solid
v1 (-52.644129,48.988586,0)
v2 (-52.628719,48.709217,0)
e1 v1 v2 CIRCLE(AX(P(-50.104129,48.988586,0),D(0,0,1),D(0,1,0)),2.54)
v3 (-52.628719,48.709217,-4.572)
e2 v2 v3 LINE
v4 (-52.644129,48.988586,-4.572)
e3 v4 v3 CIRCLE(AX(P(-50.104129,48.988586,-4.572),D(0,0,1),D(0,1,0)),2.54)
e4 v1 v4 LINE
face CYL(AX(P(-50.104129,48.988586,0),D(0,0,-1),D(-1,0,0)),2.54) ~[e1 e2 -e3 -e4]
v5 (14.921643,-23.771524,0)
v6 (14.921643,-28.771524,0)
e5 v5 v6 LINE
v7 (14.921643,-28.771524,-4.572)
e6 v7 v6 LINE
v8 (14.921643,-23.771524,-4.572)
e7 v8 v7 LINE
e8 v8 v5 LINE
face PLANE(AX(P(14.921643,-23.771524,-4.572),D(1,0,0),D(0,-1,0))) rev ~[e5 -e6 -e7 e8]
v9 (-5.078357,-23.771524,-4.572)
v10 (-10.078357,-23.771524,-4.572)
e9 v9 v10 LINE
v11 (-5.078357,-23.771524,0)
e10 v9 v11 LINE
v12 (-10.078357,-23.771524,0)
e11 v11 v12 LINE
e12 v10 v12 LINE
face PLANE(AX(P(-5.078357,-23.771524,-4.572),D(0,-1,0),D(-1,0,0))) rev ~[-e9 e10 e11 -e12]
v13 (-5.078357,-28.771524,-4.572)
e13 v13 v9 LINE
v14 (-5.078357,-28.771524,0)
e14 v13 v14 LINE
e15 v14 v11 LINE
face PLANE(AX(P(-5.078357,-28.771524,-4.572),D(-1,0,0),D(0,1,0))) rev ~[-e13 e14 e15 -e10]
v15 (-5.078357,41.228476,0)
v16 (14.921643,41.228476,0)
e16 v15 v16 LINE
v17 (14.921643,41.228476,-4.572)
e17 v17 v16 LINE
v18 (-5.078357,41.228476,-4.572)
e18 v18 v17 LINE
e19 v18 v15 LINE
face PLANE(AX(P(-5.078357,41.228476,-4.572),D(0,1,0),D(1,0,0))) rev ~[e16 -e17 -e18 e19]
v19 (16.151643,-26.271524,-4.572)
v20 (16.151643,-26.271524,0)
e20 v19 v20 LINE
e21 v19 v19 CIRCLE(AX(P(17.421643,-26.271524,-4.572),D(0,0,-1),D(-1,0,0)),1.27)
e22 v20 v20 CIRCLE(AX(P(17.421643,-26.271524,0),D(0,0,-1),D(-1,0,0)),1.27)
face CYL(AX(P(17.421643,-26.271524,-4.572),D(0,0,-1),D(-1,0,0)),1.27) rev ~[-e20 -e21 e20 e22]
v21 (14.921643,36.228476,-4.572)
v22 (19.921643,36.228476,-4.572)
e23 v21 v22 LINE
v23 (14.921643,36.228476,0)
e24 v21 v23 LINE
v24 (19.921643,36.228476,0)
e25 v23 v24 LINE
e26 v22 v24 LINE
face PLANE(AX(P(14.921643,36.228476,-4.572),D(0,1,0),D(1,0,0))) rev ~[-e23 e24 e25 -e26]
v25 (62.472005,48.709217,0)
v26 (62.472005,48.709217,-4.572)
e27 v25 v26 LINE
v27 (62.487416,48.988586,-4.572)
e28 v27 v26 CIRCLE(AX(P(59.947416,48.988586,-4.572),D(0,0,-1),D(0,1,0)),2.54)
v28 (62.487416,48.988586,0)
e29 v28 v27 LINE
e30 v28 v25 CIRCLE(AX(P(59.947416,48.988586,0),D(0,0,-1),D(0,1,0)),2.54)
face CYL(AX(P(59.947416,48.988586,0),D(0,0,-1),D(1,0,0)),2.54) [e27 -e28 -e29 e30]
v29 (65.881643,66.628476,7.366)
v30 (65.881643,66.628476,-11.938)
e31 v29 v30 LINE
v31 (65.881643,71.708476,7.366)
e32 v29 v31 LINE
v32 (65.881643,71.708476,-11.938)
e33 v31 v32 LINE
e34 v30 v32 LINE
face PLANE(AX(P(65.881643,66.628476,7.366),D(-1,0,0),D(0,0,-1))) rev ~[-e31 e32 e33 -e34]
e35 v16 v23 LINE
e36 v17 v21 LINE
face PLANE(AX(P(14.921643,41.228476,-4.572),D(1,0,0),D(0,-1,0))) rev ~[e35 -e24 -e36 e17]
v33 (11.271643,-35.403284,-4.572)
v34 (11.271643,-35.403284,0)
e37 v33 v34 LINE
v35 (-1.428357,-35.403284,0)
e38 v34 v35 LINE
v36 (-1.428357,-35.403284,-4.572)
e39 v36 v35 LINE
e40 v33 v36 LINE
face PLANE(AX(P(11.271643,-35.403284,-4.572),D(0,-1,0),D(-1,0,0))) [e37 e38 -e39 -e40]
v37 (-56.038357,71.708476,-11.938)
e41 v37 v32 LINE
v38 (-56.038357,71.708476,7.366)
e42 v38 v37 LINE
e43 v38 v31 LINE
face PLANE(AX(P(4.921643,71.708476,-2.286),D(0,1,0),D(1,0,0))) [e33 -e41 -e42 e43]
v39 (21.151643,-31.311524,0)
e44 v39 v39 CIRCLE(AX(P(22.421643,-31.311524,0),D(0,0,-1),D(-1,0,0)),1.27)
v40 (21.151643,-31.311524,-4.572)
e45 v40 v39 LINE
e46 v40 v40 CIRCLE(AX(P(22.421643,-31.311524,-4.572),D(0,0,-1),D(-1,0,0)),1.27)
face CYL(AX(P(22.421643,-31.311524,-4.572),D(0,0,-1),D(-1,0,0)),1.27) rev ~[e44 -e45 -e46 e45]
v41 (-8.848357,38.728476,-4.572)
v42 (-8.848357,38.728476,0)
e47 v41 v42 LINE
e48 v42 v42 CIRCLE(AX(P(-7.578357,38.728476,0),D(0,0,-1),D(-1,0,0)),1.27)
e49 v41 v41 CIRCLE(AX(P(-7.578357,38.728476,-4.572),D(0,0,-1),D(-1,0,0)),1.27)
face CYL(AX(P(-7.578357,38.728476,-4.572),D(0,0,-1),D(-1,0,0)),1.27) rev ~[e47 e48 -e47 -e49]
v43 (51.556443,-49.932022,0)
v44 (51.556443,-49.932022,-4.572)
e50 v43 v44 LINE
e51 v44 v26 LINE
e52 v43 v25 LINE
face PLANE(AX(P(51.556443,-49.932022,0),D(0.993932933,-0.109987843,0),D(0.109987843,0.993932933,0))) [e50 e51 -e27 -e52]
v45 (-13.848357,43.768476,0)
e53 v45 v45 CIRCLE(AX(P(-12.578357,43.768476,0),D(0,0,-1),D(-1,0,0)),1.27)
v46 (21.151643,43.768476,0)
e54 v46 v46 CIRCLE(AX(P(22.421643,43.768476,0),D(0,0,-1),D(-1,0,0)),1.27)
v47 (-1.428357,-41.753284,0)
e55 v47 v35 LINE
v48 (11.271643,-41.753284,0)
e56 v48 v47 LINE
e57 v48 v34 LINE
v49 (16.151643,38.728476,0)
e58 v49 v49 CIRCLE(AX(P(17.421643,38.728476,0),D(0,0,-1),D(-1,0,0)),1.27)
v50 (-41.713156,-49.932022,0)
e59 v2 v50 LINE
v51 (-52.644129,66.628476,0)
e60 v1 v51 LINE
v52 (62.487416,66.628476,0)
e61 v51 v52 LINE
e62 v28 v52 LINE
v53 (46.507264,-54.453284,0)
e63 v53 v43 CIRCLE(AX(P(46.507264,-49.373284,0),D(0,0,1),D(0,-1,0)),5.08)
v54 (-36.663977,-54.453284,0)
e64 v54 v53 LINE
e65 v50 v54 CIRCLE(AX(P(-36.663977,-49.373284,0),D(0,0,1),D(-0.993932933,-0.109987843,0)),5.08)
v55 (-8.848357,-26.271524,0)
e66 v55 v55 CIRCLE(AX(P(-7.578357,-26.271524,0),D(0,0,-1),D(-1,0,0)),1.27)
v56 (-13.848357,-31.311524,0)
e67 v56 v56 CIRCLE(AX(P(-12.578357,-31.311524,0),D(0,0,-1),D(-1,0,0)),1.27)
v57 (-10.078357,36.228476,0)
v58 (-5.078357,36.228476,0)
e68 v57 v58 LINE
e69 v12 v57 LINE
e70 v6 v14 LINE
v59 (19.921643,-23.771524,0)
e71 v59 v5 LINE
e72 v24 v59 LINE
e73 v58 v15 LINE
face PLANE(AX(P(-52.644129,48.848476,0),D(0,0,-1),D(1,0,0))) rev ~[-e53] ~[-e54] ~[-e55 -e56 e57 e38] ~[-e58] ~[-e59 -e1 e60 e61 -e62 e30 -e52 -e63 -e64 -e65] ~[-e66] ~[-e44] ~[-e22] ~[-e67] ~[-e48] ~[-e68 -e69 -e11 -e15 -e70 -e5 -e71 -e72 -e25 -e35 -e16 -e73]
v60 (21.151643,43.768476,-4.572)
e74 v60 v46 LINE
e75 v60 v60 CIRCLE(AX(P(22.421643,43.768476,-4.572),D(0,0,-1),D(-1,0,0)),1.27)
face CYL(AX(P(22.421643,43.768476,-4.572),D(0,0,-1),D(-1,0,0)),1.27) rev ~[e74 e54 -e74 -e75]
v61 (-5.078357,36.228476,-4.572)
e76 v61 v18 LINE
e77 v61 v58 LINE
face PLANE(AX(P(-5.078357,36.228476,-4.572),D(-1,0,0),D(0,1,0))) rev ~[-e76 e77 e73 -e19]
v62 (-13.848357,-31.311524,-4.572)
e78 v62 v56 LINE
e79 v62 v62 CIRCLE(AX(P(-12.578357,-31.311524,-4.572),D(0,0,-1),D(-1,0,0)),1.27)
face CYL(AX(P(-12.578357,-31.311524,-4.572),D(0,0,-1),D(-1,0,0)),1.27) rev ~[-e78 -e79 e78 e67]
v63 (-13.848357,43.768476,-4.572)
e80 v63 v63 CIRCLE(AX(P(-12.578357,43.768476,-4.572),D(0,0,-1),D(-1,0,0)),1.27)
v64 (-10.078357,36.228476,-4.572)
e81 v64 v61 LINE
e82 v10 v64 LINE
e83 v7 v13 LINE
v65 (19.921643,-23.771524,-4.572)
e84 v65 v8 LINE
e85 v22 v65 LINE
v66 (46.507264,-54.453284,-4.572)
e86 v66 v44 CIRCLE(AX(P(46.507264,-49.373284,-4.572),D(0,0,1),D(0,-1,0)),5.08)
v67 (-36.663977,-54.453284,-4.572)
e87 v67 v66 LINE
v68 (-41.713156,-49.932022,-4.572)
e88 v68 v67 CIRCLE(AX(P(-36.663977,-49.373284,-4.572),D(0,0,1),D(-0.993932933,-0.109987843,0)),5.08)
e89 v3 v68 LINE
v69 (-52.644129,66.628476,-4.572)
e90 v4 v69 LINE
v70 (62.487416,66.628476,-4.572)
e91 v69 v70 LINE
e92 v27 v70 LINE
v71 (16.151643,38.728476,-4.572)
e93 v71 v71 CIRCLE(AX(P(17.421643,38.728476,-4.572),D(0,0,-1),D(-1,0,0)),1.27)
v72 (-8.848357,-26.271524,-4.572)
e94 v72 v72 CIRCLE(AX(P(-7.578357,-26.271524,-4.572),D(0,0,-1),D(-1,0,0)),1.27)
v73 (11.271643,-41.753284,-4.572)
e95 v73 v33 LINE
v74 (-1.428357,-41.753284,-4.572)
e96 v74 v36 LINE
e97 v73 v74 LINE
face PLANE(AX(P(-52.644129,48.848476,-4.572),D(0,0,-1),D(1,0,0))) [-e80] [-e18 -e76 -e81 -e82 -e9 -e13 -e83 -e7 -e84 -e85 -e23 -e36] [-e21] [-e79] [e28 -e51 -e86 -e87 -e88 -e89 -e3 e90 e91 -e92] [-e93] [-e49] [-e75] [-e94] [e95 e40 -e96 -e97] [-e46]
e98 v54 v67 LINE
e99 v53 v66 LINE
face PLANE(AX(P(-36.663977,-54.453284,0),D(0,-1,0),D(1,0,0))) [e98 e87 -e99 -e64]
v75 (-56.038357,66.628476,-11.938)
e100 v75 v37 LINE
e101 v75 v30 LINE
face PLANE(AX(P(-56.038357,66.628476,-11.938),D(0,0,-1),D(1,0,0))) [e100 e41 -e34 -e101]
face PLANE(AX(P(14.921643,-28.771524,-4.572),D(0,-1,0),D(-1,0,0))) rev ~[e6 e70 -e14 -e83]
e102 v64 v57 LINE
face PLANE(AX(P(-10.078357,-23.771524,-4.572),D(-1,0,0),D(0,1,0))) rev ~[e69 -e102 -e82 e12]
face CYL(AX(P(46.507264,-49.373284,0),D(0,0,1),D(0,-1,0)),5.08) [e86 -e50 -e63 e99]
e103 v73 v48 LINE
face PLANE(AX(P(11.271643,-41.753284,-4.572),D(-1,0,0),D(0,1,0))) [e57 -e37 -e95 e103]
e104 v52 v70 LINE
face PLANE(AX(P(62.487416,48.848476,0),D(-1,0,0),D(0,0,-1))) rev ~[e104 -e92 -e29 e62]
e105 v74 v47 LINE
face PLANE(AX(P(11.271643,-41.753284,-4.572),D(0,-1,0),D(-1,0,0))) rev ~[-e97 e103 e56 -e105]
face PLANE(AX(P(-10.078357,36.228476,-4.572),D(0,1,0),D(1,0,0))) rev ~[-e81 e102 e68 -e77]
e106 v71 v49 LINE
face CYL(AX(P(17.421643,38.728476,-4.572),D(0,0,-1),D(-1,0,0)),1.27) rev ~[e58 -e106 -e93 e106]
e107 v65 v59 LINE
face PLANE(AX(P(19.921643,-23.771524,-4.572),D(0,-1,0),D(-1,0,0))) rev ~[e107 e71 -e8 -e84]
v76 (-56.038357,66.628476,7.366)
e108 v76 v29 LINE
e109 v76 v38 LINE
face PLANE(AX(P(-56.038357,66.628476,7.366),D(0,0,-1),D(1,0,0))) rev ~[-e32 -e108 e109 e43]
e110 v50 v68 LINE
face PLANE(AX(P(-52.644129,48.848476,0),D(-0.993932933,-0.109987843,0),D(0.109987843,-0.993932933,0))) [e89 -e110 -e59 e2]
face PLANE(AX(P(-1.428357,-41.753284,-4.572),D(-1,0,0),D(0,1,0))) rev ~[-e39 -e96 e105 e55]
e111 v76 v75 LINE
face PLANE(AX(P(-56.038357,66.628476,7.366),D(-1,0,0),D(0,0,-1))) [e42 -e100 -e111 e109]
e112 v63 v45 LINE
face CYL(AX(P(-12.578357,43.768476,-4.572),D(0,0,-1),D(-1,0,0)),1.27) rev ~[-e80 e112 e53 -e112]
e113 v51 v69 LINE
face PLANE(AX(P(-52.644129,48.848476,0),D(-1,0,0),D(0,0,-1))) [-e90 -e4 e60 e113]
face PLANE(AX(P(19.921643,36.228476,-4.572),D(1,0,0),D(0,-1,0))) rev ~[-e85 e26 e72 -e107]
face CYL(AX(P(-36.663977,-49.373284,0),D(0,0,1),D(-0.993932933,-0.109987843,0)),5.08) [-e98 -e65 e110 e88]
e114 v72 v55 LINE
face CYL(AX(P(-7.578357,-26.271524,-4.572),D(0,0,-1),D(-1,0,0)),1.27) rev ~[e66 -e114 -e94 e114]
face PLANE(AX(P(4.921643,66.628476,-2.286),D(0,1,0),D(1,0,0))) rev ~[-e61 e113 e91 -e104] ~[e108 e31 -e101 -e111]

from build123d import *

# Parameters (mm, degrees)
BOSS_EXTRUDE1_DEPTH = 4.572
SKETCH3_W           = 115.1315452
SKETCH3_H           = 4.572
BOSS_EXTRUDE2_DEPTH = 17.78
FILLET1_R           = 2.54
SKETCH4_W           = 121.92
SKETCH4_H           = 19.304
BOSS_EXTRUDE4_DEPTH = 5.08
SKETCH5_W           = 12.7
SKETCH5_H           = 6.35
CUT_EXTRUDE1_DEPTH  = 5.08
SKETCH6_R           = 1.27
CUT_EXTRUDE2_DEPTH  = 6.35


with BuildPart() as part:
    # Sketch2 → Boss-Extrude1 (new body)
    with BuildSketch(Plane(origin=(0, 0, 0), x_dir=(-1, 0, 0), z_dir=(0, 0, -1))):
        with BuildLine():
            Line((-62.487415839, 48.848476089), (52.644129361, 48.848476089))
            Line((52.644129361, 48.848476089), (41.713156468, -49.932022311))
            ThreePointArc((41.713156468, -49.932022311), (40.052782988, -53.157778108), (36.663977171, -54.453284069))
            Line((36.663977171, -54.453284069), (-46.507263649, -54.453284069))
            ThreePointArc((-46.507263649, -54.453284069), (-49.896069466, -53.157778108), (-51.556442946, -49.932022311))
            Line((-51.556442946, -49.932022311), (-62.487415839, 48.848476089))
        make_face()
    extrude(amount=BOSS_EXTRUDE1_DEPTH)

    # Sketch3 → Boss-Extrude2 (add)
    with BuildSketch(Plane(origin=(0, 48.848476089, 0), x_dir=(1, 0, 0), z_dir=(0, 1, 0))):
        with Locations((4.921643239, 2.286)):
            Rectangle(SKETCH3_W, SKETCH3_H)
    extrude(amount=BOSS_EXTRUDE2_DEPTH)

    # Fillet1
    fillet1_edges = [part.edges().sort_by_distance(p)[0] for p in [
        (62.487415839, 48.848476089, -2.286),
        (-52.644129361, 48.848476089, -2.286),
    ]]
    fillet(fillet1_edges, radius=FILLET1_R)

    # Sketch4 → Boss-Extrude4 (add)
    with BuildSketch(Plane(origin=(0, 66.628476089, 0), x_dir=(1, 0, 0), z_dir=(0, 1, 0))):
        with Locations((4.921643239, 2.286)):
            Rectangle(SKETCH4_W, SKETCH4_H)
    extrude(amount=BOSS_EXTRUDE4_DEPTH)

    # Sketch5 → Cut-Extrude1 (cut)
    with BuildSketch(Plane(origin=(0, 0, -4.572), x_dir=(-1, 0, 0), z_dir=(0, 0, -1))):
        with Locations((-4.921643239, -38.578284069)):
            Rectangle(SKETCH5_W, SKETCH5_H)
    extrude(amount=-CUT_EXTRUDE1_DEPTH, mode=Mode.SUBTRACT)

    # Sketch6 → Cut-Extrude2 (cut)
    with BuildSketch(Plane(origin=(0, 0, -4.572), x_dir=(-1, 0, 0), z_dir=(0, 0, -1))):
        Polygon((10.078356761, -23.771523911), (10.078356761, 36.228476089), (5.078356761, 36.228476089), (5.078356761, 41.228476089), (-14.921643239, 41.228476089), (-14.921643239, 36.228476089), (-19.921643239, 36.228476089), (-19.921643239, -23.771523911), (-14.921643239, -23.771523911), (-14.921643239, -28.771523911), (5.078356761, -28.771523911), (5.078356761, -23.771523911), align=None)
        with Locations((-17.421643239, 38.728476089)):
            Circle(SKETCH6_R)
        with Locations((7.578356761, -26.271523911)):
            Circle(SKETCH6_R)
        with Locations((-17.421643239, -26.271523911)):
            Circle(SKETCH6_R)
        with Locations((-22.421643239, -31.311523911)):
            Circle(SKETCH6_R)
        with Locations((12.578356761, -31.311523911)):
            Circle(SKETCH6_R)
        with Locations((12.578356761, 43.768476089)):
            Circle(SKETCH6_R)
        with Locations((-22.421643239, 43.768476089)):
            Circle(SKETCH6_R)
        with Locations((7.578356761, 38.728476089)):
            Circle(SKETCH6_R)
    extrude(amount=-CUT_EXTRUDE2_DEPTH, mode=Mode.SUBTRACT)


solid = part.part
